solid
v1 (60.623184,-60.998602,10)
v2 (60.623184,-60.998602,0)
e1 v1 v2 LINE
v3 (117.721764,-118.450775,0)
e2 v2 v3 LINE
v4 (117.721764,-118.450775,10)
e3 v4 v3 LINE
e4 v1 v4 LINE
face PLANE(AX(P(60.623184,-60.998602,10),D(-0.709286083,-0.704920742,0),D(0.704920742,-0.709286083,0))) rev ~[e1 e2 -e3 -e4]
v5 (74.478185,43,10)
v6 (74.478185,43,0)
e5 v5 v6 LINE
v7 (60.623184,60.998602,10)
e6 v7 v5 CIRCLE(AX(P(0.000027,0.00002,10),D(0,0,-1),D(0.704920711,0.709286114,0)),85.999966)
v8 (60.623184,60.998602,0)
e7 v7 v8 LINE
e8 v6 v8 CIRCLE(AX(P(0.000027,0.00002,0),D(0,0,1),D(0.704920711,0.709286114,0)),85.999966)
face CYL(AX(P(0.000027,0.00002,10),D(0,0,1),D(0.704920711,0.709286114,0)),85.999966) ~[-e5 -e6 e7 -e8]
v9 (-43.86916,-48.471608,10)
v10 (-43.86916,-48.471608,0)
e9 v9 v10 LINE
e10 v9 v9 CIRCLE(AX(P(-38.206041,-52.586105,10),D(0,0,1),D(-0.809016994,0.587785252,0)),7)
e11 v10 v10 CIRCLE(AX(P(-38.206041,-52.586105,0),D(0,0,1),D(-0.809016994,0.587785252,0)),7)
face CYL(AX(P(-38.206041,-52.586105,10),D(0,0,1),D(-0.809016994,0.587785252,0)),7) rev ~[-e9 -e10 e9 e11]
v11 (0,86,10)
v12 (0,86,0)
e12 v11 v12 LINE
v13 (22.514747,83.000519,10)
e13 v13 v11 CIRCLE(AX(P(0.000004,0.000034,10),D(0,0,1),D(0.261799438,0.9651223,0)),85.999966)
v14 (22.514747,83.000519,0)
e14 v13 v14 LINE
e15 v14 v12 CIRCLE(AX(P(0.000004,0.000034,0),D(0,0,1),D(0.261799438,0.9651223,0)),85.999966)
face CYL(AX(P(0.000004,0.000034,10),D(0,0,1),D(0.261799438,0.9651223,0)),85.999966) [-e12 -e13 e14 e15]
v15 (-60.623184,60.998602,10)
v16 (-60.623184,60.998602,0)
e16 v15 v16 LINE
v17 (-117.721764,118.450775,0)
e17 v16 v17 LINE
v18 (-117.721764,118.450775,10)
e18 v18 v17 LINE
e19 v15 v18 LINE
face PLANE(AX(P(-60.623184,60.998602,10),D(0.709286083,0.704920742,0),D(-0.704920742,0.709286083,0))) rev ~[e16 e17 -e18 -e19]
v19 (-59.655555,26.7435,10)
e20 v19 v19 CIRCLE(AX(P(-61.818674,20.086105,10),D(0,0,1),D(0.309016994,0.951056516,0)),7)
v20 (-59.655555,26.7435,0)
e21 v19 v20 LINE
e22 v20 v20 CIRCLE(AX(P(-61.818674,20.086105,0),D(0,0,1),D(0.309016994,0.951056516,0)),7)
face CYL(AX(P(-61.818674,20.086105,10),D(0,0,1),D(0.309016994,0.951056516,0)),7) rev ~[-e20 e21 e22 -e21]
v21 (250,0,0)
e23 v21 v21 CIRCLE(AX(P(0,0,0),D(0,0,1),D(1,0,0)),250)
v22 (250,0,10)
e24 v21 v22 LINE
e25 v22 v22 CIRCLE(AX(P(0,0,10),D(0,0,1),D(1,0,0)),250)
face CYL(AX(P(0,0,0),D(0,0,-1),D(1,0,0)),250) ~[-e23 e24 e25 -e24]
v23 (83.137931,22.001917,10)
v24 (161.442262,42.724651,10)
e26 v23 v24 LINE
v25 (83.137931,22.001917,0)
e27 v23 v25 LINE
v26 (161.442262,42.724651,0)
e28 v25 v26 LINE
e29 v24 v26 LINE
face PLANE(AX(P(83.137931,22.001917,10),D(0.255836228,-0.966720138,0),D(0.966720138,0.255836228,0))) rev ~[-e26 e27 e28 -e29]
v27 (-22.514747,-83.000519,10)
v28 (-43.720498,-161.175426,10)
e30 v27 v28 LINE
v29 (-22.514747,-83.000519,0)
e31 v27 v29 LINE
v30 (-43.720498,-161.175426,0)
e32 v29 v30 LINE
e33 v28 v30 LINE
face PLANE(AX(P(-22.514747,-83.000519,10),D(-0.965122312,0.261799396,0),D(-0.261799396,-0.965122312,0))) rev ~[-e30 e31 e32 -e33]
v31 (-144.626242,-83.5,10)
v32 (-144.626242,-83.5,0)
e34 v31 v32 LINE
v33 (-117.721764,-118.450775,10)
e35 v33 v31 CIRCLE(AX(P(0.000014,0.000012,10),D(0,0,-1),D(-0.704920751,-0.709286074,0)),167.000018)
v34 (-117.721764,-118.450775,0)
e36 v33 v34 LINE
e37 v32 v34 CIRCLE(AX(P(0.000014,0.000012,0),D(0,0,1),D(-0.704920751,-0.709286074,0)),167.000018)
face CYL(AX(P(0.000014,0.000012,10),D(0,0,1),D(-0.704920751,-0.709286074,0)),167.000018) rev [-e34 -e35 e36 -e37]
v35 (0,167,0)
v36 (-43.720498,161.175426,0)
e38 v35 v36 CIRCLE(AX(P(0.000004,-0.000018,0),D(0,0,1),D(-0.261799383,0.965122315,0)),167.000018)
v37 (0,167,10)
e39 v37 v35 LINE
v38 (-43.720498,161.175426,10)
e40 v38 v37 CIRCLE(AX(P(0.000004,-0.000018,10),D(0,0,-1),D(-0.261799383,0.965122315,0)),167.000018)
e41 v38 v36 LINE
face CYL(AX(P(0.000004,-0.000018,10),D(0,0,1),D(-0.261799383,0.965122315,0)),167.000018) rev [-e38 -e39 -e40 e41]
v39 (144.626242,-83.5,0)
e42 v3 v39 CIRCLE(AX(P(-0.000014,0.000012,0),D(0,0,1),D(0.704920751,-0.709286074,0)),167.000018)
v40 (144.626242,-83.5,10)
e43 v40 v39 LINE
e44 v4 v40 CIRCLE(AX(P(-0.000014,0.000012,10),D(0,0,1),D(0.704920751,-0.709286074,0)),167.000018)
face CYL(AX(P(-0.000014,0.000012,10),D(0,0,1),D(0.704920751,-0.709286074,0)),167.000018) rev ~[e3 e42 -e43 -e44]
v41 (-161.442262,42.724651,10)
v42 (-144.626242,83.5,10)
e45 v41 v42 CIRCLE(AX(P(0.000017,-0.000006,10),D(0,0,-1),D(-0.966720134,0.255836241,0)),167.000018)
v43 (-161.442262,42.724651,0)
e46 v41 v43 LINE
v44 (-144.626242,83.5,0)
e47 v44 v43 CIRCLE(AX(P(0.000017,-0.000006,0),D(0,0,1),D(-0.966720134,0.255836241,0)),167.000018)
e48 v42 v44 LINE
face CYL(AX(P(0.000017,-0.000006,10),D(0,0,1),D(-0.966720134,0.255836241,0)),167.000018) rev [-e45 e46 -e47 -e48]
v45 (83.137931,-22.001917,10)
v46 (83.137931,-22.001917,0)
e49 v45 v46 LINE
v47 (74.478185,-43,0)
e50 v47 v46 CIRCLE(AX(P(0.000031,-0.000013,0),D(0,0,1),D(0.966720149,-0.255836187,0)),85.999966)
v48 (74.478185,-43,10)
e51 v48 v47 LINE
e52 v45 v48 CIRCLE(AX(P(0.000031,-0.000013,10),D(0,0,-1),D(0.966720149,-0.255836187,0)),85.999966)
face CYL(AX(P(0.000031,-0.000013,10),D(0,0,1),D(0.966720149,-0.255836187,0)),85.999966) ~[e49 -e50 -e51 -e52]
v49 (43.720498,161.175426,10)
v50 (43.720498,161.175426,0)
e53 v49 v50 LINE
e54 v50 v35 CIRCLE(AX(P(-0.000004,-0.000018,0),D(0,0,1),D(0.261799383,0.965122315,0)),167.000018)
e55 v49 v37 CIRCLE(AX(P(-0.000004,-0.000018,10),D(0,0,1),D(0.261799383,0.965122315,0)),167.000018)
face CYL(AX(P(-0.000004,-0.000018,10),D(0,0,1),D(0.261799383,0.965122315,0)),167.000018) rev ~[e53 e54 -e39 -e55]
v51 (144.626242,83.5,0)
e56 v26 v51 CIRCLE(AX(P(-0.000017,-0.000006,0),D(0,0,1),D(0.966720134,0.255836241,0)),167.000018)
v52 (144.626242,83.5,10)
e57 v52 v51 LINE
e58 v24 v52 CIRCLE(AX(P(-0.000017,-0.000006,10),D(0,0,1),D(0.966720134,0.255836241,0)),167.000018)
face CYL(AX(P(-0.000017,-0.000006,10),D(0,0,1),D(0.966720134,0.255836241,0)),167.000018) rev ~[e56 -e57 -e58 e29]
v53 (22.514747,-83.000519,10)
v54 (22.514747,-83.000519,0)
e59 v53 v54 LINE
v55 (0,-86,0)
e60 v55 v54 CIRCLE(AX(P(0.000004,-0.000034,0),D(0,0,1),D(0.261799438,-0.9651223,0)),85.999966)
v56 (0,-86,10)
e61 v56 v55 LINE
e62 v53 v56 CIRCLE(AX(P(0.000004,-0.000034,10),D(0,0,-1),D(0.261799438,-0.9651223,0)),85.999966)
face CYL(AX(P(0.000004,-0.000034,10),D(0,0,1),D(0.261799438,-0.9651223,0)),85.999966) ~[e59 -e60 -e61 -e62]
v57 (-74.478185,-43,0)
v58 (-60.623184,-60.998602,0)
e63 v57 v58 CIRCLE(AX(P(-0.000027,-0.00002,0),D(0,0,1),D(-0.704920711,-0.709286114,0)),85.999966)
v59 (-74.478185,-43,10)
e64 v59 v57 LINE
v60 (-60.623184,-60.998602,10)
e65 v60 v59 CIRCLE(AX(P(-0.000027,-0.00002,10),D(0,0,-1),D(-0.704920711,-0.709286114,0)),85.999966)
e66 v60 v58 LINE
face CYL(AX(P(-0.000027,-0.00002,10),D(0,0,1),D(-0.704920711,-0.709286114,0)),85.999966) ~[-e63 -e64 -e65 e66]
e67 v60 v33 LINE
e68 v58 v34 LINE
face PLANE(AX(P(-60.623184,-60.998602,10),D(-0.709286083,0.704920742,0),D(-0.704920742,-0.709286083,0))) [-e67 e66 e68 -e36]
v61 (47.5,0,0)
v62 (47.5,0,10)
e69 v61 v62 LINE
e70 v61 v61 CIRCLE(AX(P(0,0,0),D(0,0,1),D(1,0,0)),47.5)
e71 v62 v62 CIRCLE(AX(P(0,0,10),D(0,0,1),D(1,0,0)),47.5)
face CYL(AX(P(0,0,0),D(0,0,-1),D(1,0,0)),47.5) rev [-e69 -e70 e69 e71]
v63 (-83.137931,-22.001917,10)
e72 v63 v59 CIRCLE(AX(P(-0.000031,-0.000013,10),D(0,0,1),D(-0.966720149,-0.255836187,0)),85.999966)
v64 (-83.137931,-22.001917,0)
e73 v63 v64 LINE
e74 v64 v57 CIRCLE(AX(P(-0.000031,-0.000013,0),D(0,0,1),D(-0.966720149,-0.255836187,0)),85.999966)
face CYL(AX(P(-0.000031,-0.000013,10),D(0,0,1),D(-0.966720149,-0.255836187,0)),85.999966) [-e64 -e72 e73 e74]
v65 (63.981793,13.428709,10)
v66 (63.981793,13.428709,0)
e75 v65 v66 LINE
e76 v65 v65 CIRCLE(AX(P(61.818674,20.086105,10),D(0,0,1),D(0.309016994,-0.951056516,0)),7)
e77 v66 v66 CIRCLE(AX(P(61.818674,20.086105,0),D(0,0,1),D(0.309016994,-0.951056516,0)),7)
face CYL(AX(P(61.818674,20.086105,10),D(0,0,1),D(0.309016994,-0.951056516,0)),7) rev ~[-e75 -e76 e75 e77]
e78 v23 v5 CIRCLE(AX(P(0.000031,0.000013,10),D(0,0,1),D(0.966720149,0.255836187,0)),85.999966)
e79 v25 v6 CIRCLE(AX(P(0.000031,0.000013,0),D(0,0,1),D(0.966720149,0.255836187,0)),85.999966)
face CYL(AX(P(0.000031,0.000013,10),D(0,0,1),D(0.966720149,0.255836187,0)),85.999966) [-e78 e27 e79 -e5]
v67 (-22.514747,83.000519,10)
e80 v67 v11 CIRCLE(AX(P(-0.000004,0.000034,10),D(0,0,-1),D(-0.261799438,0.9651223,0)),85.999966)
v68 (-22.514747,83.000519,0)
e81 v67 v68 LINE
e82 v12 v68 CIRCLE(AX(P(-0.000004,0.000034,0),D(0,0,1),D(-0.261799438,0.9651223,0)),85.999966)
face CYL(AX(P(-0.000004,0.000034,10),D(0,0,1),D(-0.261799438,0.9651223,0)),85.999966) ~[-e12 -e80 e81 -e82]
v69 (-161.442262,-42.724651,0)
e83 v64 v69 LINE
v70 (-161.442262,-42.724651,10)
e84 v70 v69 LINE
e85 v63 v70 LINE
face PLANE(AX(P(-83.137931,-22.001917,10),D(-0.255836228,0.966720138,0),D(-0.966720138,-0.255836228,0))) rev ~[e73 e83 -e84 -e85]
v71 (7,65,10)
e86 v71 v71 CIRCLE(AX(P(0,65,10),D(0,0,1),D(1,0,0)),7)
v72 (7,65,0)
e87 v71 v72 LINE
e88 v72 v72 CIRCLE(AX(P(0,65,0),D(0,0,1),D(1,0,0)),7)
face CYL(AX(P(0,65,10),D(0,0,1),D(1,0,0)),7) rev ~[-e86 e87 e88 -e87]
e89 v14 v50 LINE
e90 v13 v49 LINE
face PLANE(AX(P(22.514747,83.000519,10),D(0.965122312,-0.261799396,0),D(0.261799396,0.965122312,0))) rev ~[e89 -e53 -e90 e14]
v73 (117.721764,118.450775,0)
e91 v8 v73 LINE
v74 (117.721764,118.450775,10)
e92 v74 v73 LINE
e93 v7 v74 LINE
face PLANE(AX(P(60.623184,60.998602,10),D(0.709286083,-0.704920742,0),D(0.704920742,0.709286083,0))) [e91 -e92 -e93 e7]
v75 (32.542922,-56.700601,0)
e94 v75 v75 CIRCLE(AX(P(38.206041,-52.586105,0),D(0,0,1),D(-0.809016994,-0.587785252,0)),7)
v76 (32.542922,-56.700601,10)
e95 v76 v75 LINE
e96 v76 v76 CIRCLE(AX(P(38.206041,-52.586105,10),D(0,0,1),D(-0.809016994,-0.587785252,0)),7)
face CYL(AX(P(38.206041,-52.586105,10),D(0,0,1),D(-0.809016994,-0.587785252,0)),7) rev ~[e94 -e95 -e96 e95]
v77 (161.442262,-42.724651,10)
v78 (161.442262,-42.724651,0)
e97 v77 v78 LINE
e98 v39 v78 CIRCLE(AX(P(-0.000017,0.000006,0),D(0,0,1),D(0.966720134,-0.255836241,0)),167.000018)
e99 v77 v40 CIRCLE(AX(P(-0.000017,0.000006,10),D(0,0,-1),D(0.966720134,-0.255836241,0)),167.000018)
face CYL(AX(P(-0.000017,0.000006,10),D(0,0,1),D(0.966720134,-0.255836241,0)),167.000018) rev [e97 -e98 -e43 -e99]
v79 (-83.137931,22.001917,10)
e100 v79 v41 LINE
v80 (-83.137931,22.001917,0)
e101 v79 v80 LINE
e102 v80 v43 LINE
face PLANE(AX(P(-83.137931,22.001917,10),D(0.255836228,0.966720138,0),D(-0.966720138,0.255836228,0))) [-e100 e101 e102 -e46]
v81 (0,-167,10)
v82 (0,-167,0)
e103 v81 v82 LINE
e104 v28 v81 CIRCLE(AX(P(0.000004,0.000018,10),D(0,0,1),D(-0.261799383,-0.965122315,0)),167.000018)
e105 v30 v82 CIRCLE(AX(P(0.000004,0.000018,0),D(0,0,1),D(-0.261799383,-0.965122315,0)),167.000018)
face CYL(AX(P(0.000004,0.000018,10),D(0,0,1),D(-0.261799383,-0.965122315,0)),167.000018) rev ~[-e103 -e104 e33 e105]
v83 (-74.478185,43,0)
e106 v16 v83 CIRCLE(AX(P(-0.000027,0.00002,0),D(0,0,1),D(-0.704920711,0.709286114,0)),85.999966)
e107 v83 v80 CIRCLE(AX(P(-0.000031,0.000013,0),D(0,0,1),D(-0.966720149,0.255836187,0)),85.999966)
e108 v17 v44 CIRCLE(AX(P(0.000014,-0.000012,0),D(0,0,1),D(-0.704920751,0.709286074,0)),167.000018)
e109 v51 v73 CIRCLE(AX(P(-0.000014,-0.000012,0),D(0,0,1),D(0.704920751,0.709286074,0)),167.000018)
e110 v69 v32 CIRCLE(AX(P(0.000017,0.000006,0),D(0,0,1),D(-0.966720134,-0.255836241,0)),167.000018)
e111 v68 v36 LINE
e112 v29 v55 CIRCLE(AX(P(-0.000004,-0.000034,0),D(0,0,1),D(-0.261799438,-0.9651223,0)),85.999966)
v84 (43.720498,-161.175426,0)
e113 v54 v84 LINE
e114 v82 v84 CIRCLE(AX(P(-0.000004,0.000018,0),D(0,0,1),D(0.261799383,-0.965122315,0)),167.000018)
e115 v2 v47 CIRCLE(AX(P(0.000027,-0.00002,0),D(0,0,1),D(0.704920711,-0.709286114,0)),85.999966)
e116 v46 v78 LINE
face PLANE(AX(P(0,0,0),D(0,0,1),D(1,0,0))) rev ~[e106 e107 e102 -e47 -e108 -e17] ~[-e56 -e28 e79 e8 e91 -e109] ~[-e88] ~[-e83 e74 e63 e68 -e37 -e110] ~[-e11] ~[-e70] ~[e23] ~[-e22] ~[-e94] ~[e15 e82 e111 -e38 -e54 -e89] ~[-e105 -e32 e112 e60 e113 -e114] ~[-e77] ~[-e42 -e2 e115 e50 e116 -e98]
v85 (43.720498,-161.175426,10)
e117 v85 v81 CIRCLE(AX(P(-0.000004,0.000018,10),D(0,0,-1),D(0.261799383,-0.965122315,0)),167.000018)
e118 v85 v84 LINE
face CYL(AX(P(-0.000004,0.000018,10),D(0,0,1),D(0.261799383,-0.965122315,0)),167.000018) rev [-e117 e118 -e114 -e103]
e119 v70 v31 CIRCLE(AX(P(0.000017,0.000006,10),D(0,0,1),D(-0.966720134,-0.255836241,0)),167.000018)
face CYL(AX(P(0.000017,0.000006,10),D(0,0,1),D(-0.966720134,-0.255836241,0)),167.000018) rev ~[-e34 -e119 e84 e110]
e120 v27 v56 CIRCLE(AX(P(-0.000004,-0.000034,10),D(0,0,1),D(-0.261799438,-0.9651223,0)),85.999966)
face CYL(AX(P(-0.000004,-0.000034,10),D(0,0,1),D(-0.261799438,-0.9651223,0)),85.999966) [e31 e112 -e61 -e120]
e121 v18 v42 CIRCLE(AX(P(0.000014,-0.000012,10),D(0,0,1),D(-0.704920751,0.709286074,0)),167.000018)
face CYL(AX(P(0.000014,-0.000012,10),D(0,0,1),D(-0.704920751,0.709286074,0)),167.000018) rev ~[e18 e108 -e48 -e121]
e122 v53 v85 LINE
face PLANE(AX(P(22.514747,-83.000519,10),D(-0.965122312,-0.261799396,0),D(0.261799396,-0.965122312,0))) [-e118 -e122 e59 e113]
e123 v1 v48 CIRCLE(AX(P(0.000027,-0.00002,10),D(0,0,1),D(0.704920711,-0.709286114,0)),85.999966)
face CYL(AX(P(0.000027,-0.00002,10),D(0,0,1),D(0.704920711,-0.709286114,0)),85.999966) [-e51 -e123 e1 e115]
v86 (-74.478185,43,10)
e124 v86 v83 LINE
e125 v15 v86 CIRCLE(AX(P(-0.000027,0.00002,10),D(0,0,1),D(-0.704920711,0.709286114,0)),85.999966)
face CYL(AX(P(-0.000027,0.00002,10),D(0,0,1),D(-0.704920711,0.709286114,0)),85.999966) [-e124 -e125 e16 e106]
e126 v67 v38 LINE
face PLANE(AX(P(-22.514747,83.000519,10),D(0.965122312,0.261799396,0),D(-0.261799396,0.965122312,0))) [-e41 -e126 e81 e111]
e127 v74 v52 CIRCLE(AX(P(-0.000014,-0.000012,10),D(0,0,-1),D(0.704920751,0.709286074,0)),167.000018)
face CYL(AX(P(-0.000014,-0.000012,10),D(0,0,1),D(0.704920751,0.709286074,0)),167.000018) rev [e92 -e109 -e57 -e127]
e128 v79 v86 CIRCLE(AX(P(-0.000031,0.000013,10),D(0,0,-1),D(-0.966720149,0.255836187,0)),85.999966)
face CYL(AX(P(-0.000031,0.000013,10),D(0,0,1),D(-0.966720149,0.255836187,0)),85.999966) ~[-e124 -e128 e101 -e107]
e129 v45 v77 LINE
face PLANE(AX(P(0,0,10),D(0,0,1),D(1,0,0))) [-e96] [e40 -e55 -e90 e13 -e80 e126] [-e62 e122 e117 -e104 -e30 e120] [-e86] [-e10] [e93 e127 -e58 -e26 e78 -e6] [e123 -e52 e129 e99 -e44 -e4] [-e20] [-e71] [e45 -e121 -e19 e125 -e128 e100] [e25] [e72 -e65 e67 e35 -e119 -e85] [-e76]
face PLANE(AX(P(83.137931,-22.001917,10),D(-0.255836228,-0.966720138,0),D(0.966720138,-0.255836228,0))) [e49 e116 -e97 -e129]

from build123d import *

# Parameters (mm, degrees)
SKETCH_R                = 250
SKETCH_R_2              = 47.5
PAD_DEPTH               = 10
POCKET_DEPTH            = 1424.355977
POCKET_MIRRORED_2_DEPTH = 1424.355977
POLARPATTERN_COUNT      = 6
SKETCH002_R             = 7
POCKET001_DEPTH         = 1424.355977
POLARPATTERN001_COUNT   = 5


with BuildPart() as part:
    # Sketch → Pad (new body)
    with BuildSketch(Plane.XY):
        Circle(SKETCH_R)
        Circle(SKETCH_R_2, mode=Mode.SUBTRACT)
    extrude(amount=PAD_DEPTH)

    # Sketch001 (on Face4 of Pad) → Pocket (cut, through all)
    with BuildSketch(Plane.XY.offset(10)):
        with BuildLine():
            Line((22.514747, 83.000519), (43.720498, 161.175426))
            ThreePointArc((43.720498, 161.175426), (22.053387, 165.537452), (0, 167))
            Line((0, 86), (0, 167))
            ThreePointArc((22.514747, 83.000519), (11.356834, 85.246832), (0, 86))
        make_face()
    pocket = extrude(amount=-POCKET_DEPTH, mode=Mode.SUBTRACT)

    # Sketch001 Mirrored 2 → Pocket Mirrored 2 (cut, through all)
    with BuildSketch(Plane(origin=(0, 0, 10), x_dir=(-1, 0, 0), z_dir=(0, 0, -1))):
        with BuildLine():
            Line((22.514747, 83.000519), (43.720498, 161.175426))
            ThreePointArc((43.720498, 161.175426), (22.053387, 165.537452), (0, 167))
            Line((0, 86), (0, 167))
            ThreePointArc((22.514747, 83.000519), (11.356834, 85.246832), (0, 86))
        make_face()
    pocket_mirrored_2 = extrude(amount=POCKET_MIRRORED_2_DEPTH, mode=Mode.SUBTRACT)

    # PolarPattern: Pocket, Pocket Mirrored 2 ×6 about axis
    polarpattern_axis = Axis((0, 0, 10), (0, 0, 1))
    for i in range(1, POLARPATTERN_COUNT):
        add(pocket.rotate(polarpattern_axis, i * 360 / POLARPATTERN_COUNT), mode=Mode.SUBTRACT)
        add(pocket_mirrored_2.rotate(polarpattern_axis, i * 360 / POLARPATTERN_COUNT), mode=Mode.SUBTRACT)

    # Sketch002 (on Face4 of Pad) → Pocket001 (cut, through all)
    with BuildSketch(Plane.XY.offset(10)):
        with Locations((0, 65)):
            Circle(SKETCH002_R)
    pocket001 = extrude(amount=-POCKET001_DEPTH, mode=Mode.SUBTRACT)

    # PolarPattern001: Pocket001 ×5 about axis
    polarpattern001_axis = Axis((0, 0, 10), (0, 0, 1))
    for i in range(1, POLARPATTERN001_COUNT):
        add(pocket001.rotate(polarpattern001_axis, i * 360 / POLARPATTERN001_COUNT), mode=Mode.SUBTRACT)


solid = part.part
